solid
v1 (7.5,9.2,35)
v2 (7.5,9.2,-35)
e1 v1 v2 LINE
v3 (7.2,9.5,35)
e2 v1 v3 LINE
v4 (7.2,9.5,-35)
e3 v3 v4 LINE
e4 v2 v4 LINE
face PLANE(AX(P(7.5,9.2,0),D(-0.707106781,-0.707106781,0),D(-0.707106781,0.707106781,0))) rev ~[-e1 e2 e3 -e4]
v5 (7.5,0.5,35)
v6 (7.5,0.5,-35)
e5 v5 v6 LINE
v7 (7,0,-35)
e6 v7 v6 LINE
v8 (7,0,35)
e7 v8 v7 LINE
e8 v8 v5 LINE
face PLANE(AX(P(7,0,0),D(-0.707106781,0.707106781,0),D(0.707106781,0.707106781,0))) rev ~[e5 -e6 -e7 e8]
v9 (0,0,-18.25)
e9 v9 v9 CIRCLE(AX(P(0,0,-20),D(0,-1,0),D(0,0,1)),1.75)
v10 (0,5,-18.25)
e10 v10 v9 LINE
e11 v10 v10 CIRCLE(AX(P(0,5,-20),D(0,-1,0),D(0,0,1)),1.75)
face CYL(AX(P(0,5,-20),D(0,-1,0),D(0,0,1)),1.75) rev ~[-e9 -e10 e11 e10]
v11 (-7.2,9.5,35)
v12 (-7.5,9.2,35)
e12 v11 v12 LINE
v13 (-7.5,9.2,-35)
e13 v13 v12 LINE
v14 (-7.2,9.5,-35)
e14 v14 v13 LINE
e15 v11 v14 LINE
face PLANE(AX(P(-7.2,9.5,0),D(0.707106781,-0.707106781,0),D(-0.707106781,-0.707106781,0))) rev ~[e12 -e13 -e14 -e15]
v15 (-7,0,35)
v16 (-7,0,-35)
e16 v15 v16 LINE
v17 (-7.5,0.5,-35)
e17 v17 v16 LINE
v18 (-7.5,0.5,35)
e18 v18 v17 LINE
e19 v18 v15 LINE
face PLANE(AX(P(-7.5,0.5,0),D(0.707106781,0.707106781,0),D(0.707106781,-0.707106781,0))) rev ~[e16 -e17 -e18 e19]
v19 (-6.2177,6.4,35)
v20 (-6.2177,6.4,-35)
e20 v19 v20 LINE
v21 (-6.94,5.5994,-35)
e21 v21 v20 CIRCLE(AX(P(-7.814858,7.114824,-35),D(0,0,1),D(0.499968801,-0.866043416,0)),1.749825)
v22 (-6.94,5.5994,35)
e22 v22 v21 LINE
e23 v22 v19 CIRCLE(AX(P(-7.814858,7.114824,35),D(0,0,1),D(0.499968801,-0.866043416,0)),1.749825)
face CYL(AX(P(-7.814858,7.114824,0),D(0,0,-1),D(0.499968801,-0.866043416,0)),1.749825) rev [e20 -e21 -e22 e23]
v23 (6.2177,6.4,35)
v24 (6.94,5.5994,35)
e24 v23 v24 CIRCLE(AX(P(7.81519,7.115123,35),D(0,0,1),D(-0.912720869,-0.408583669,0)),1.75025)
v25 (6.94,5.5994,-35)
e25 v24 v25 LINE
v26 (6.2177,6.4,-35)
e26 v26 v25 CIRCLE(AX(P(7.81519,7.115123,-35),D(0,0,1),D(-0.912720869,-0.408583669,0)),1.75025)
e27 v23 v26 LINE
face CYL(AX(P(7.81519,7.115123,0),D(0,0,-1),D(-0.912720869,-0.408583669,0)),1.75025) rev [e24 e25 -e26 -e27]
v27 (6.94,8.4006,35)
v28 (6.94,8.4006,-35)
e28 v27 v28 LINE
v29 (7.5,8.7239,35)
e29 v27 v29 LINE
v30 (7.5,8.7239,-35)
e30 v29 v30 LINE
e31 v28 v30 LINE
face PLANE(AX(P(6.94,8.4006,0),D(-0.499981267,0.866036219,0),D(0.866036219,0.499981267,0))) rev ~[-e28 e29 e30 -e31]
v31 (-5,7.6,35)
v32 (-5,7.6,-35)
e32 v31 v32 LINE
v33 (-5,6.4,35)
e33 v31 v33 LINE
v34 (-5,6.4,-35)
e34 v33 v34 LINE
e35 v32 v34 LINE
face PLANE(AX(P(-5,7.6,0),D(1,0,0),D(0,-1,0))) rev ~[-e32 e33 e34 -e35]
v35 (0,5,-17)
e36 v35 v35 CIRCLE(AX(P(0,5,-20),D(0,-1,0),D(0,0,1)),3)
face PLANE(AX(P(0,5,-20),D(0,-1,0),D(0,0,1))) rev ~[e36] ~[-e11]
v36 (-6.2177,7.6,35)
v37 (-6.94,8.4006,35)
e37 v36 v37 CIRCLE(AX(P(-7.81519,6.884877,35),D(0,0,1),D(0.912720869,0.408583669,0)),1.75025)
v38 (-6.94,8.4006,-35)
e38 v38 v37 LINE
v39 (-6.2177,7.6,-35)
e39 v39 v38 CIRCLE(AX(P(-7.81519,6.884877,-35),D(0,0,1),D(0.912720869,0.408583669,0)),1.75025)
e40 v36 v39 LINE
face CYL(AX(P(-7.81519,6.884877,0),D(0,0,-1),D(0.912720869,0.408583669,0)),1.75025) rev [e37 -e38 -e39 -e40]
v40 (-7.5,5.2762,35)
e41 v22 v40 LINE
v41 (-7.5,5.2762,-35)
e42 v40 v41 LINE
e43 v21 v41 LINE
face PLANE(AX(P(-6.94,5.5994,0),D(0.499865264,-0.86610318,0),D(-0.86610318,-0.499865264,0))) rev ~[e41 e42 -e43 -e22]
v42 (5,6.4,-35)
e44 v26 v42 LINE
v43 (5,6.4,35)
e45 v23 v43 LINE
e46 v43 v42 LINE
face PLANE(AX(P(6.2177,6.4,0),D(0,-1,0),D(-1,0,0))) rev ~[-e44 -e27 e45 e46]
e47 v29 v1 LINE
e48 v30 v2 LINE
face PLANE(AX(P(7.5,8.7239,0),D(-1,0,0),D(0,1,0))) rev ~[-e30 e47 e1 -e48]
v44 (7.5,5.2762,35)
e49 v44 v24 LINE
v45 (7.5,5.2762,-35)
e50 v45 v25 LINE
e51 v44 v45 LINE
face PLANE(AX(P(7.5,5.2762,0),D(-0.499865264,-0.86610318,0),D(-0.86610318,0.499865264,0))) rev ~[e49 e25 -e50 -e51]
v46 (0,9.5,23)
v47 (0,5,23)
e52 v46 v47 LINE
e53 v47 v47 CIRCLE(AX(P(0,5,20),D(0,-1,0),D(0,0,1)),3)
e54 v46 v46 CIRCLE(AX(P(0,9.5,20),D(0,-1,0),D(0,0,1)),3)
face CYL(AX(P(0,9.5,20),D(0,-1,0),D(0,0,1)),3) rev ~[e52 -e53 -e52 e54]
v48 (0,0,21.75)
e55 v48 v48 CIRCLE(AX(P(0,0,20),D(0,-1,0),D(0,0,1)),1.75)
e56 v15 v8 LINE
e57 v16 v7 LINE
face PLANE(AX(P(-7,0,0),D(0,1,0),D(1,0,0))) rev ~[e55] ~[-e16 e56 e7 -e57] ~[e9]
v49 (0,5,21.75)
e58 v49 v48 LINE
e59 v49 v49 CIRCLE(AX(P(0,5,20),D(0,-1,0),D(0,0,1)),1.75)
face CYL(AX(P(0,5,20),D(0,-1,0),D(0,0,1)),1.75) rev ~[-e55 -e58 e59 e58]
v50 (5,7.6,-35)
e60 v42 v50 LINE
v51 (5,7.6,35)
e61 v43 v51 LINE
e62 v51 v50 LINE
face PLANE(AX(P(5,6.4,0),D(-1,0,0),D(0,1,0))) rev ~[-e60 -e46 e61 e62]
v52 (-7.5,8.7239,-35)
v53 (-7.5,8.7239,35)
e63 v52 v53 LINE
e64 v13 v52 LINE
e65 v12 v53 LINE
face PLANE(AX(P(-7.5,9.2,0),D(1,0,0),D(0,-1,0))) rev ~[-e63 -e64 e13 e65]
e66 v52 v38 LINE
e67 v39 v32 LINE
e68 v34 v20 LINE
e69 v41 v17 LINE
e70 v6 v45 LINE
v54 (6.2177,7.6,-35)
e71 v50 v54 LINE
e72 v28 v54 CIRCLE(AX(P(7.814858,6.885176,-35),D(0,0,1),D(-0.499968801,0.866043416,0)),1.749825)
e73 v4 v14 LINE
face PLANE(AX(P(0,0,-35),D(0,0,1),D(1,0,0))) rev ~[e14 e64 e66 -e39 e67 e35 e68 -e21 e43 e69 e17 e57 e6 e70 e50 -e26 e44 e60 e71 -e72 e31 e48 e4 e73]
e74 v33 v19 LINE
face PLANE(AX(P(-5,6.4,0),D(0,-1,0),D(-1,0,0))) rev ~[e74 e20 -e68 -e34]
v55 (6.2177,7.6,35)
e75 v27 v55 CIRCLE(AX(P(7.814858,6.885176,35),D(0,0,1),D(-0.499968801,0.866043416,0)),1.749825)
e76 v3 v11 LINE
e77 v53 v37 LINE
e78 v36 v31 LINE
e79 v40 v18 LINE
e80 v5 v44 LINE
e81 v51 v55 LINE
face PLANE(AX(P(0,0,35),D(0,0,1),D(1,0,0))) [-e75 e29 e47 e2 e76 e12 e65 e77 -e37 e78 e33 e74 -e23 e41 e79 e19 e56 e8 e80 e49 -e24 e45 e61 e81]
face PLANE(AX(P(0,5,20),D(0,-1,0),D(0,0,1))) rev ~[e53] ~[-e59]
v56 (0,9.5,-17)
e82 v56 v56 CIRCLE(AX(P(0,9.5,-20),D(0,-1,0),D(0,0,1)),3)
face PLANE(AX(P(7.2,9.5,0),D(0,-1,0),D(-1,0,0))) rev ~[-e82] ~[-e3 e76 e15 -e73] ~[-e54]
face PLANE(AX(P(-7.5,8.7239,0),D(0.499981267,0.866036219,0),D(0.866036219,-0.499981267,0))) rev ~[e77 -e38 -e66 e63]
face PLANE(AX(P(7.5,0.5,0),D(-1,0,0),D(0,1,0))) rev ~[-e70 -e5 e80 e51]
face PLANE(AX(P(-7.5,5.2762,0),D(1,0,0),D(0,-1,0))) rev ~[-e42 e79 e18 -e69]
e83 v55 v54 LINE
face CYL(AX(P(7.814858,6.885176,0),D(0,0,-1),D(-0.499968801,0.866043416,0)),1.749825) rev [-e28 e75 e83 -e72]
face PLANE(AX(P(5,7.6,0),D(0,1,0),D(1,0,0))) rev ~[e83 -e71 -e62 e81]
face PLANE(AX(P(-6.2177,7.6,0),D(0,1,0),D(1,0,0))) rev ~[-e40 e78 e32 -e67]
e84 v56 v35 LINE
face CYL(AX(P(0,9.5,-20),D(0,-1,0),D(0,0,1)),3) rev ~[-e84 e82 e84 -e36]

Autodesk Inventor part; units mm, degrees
sketch "Sketch_12" plane through (0, 0, 0) normal (0, 0, 1) x (1, 0, 0)
  line L0 (-7.5, 9.2) -> (-7.5, 8.7239)
  line L1 (-7.5, 8.7239) -> (-6.94, 8.4006)
  arc A0 (-6.2177, 7.6) -> (-6.94, 8.4006) centre (-7.815, 6.885) ccw
  line L2 (-6.2177, 7.6) -> (-5, 7.6)
  line L3 (-5, 7.6) -> (-5, 6.4)
  line L4 (-5, 6.4) -> (-6.2177, 6.4)
  arc A1 (-6.94, 5.5994) -> (-6.2177, 6.4) centre (-7.815, 7.115) ccw
  line L5 (-6.94, 5.5994) -> (-7.5, 5.2762)
  line L6 (-7.5, 5.2762) -> (-7.5, 0.5)
  line L7 (-7.5, 0.5) -> (-7, 0)
  line L8 (-7, 0) -> (7, 0)
  line L9 (7, 0) -> (7.5, 0.5)
  line L10 (7.5, 0.5) -> (7.5, 5.2762)
  line L11 (7.5, 5.2762) -> (6.94, 5.5994)
  arc A2 (6.2177, 6.4) -> (6.94, 5.5994) centre (7.815, 7.115) ccw
  line L12 (6.2177, 6.4) -> (5, 6.4)
  line L13 (5, 6.4) -> (5, 7.6)
  line L14 (5, 7.6) -> (6.2177, 7.6)
  arc A3 (6.94, 8.4006) -> (6.2177, 7.6) centre (7.815, 6.885) ccw
  line L15 (6.94, 8.4006) -> (7.5, 8.7239)
  line L16 (7.5, 8.7239) -> (7.5, 9.2)
  line L17 (7.5, 9.2) -> (7.2, 9.5)
  line L18 (7.2, 9.5) -> (-7.2, 9.5)
  line L19 (-7.2, 9.5) -> (-7.5, 9.2)
extrude "Extrusion1" add sketch "Sketch_12" along normal mid plane 70
sketch "Sketch2" plane through (-7.2, 9.5, 35) normal (0, 1, 0) x (1, 0, 0)
  point P0 (7.2, 55)
hole "Hole1" at (0, 9.5, -20) direction (0, -1, 0) diameter 3.5 depth 9.5 counterbore diameter 6 counterbore depth 4.5
pattern_linear "Rectangular Pattern1" count 2 spacing 40 along (0, 0, 1) of "Hole1"
ref_plane "to_block_XY" through (0, 9.5, 0) normal (0, 0, 1) x (1, 0, 0)
ref_plane "to_block_YZ" through (0, 9.5, 0) normal (1, 0, 0) x (0, 1, 0)
ref_plane "to_block_ZX" through (0, 9.5, 0) normal (0, 1, 0) x (0, 0, 1)
properties part number "SSEBZ-MX16-70_r"
